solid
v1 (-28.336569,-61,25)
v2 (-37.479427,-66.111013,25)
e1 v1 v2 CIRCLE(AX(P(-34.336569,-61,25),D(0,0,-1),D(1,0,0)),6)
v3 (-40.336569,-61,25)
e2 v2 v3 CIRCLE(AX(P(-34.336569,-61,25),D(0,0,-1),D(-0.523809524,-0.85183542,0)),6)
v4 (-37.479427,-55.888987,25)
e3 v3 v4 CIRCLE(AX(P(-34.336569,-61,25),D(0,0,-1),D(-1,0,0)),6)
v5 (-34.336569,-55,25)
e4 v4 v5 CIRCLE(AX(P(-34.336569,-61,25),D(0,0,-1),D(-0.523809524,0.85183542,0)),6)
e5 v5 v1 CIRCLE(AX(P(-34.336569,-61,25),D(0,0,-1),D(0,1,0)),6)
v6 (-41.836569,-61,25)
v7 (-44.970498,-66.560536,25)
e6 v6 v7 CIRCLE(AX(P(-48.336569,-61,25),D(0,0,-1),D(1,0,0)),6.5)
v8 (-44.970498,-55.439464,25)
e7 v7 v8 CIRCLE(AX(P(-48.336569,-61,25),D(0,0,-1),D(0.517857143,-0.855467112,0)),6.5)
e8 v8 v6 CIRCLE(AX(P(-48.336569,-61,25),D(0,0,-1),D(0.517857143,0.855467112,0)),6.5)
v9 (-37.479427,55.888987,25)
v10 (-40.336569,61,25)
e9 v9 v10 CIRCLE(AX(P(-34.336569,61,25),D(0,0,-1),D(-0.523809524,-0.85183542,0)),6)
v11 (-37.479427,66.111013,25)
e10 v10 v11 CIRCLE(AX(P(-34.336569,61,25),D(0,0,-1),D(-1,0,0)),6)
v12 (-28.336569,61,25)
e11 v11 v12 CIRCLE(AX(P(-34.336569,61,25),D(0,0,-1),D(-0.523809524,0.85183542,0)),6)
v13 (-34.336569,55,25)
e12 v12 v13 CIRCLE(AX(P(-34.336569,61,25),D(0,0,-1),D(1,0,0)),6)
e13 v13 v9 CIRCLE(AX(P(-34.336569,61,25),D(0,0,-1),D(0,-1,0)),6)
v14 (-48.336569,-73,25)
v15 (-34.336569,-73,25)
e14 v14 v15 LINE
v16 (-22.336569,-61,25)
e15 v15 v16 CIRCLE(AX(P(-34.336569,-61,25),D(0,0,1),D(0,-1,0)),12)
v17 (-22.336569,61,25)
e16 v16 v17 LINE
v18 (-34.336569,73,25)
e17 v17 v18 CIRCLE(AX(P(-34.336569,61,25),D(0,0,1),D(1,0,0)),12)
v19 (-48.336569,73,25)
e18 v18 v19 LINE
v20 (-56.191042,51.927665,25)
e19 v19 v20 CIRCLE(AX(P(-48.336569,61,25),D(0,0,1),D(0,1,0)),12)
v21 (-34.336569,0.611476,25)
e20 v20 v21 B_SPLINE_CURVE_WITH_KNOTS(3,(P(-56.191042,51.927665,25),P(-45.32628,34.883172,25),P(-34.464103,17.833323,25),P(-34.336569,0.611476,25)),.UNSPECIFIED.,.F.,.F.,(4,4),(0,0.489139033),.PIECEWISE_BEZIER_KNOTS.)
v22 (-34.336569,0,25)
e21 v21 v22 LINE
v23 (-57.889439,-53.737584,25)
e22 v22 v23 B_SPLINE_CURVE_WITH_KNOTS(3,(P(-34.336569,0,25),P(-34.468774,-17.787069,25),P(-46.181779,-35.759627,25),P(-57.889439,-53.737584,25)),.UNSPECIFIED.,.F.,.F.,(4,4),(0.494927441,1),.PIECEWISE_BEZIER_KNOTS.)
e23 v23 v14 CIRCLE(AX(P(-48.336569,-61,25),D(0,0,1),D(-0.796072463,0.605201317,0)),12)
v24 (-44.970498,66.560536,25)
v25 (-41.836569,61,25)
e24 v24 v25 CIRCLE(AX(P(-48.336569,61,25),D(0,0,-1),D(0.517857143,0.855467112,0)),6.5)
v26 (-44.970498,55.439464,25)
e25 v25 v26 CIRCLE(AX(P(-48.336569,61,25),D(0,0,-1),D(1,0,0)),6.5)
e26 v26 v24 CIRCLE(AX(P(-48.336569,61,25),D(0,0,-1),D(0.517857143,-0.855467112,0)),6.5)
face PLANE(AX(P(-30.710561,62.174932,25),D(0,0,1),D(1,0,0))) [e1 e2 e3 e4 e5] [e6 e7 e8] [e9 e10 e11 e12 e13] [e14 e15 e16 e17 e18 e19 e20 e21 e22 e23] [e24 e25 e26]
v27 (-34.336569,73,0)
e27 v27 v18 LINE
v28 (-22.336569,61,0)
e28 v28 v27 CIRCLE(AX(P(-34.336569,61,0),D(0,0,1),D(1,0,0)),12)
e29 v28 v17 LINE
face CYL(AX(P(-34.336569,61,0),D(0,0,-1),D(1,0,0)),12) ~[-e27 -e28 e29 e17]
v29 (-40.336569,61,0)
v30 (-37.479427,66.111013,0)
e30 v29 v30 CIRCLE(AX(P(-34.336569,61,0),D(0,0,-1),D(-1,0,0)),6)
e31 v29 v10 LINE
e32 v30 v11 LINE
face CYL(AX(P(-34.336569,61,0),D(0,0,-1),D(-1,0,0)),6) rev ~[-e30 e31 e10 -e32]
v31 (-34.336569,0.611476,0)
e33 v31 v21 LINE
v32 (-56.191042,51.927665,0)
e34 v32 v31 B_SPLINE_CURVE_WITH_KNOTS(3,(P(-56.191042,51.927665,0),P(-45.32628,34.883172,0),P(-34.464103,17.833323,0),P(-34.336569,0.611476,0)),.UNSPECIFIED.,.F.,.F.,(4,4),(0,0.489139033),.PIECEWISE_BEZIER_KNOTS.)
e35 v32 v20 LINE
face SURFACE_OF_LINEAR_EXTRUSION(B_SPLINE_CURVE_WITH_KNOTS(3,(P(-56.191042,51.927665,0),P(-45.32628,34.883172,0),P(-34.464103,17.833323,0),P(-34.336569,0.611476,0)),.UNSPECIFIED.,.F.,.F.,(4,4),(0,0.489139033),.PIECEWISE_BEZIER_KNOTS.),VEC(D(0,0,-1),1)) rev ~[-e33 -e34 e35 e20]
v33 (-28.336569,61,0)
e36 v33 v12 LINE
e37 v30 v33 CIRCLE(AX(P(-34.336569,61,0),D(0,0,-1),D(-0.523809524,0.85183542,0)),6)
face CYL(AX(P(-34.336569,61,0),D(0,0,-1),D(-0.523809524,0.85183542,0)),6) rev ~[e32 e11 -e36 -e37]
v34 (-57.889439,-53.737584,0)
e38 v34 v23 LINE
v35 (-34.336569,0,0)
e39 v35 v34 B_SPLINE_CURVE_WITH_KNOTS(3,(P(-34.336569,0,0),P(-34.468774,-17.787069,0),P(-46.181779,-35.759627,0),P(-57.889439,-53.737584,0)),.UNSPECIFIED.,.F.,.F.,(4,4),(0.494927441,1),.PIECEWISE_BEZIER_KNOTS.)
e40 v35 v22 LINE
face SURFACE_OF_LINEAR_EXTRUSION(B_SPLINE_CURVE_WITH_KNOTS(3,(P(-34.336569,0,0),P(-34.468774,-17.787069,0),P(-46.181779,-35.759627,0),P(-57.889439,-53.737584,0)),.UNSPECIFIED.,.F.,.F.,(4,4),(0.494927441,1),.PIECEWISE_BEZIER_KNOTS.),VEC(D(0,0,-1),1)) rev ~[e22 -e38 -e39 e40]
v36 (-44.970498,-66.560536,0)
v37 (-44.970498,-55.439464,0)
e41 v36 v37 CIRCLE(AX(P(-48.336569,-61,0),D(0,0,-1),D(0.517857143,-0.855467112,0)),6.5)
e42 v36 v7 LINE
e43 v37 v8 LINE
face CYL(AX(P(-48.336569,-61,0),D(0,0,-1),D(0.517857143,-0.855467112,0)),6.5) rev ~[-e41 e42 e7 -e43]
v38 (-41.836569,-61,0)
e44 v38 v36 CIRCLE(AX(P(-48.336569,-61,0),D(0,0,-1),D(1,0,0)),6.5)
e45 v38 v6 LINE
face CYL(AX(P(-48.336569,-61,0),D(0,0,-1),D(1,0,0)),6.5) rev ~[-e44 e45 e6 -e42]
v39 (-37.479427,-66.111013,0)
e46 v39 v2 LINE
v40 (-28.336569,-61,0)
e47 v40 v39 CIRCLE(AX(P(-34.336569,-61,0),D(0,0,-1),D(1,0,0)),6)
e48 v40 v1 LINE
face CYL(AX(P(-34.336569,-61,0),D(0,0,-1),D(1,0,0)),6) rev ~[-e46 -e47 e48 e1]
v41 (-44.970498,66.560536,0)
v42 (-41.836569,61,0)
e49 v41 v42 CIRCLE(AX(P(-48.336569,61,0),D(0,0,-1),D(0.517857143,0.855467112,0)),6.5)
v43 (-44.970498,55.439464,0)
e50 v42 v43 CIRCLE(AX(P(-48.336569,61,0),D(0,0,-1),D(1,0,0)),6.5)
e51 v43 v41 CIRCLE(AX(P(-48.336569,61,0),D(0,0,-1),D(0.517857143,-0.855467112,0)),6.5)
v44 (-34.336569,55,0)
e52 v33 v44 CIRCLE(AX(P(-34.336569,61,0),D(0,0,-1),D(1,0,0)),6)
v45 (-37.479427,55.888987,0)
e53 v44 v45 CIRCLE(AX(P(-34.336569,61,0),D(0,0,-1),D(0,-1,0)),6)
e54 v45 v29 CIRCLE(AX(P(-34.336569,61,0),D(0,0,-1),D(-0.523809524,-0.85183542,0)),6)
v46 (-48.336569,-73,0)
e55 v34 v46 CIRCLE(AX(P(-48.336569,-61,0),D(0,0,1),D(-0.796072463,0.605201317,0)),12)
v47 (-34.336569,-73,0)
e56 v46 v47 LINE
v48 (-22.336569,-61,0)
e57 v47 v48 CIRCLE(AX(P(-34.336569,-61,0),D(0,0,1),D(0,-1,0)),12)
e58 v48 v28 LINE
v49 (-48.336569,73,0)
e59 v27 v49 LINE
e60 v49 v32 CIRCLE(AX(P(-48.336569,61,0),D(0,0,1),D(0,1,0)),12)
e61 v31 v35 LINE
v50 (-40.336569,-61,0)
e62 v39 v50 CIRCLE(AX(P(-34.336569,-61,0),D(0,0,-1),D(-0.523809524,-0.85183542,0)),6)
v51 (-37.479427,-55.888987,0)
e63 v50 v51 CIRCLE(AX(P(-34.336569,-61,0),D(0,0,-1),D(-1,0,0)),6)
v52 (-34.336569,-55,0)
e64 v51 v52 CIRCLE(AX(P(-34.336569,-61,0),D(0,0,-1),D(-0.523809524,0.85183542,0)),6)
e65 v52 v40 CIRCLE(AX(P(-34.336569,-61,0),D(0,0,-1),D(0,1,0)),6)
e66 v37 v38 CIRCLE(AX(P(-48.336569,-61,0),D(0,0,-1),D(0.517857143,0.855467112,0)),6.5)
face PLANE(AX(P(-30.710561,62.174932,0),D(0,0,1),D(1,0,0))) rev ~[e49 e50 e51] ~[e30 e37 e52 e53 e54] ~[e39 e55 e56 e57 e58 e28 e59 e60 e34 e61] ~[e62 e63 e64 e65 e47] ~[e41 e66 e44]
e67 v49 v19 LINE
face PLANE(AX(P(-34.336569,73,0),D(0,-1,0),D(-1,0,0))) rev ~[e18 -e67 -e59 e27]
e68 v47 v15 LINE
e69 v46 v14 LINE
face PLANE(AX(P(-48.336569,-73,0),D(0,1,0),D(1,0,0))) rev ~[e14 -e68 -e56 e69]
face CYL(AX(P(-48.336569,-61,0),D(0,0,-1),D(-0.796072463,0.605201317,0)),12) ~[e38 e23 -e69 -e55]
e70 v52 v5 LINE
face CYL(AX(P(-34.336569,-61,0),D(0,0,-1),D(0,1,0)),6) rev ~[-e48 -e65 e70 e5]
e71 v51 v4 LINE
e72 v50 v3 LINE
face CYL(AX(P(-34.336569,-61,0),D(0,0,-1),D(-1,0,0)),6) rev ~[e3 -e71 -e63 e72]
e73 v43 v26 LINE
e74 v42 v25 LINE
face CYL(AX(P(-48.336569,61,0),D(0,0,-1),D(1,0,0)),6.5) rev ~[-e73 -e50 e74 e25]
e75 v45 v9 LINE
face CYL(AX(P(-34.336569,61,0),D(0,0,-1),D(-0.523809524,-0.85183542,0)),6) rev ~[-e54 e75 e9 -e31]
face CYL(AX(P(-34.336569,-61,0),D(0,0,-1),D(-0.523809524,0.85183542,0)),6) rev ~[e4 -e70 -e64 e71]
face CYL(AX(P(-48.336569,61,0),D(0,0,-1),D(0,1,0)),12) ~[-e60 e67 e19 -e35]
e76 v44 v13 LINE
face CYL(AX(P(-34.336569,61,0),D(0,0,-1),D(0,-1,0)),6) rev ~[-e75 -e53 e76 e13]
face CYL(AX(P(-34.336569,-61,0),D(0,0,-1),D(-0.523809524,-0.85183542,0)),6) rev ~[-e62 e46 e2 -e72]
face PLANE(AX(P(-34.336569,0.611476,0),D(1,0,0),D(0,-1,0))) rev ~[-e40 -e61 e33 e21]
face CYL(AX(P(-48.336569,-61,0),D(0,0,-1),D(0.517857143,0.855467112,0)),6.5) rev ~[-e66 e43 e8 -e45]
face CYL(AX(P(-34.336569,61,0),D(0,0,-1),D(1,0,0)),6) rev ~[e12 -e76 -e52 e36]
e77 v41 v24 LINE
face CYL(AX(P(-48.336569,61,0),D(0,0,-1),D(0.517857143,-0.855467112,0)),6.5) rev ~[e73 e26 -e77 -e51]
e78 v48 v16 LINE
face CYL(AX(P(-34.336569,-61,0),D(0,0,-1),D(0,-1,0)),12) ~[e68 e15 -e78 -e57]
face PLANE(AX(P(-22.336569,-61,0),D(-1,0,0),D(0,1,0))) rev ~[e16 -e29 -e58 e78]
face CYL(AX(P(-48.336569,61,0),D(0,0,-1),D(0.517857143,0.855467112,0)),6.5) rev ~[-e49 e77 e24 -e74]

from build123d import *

# Parameters (mm, degrees)
F1_DEPTH = 25


with BuildPart() as f1:
    # F0 (on Top) → F1 (new body)
    with BuildSketch(Plane.XY):
        with BuildLine():
            ThreePointArc((-37.4794265696, 66.11101252), (-31.4088692079, 66.2372293657), (-28.3365694268, 61))
            ThreePointArc((-28.3365694268, 61), (-30.0939287397, 56.7573593129), (-34.3365694268, 55))
            Line((-34.3365694268, 55), (-34.3365694268, 49))
            ThreePointArc((-34.3365694268, 49), (-25.8512880525, 52.5147186258), (-22.3365694268, 61))
            ThreePointArc((-22.3365694268, 61), (-25.8512880525, 69.4852813742), (-34.3365694268, 73))
            ThreePointArc((-34.3365694268, 73), (-38.0134205158, 72.4228177815), (-41.3365694268, 70.7467943448))
            ThreePointArc((-41.3365694268, 70.7467943448), (-39.1120365911, 68.6751543283), (-37.4794265696, 66.11101252))
        make_face()
        with BuildLine():
            ThreePointArc((-48.3365694268, 73), (-44.6597183377, 72.4228177815), (-41.3365694268, 70.7467943448))
            ThreePointArc((-41.3365694268, 70.7467943448), (-38.0134205158, 72.4228177815), (-34.3365694268, 73))
            Line((-34.3365694268, 73), (-48.3365694268, 73))
        make_face()
        with BuildLine():
            ThreePointArc((-44.9704979982, 66.5605362275), (-43.3985807086, 68.8663810948), (-41.3365694268, 70.7467943448))
            ThreePointArc((-41.3365694268, 70.7467943448), (-44.6597183377, 72.4228177815), (-48.3365694268, 73))
            ThreePointArc((-48.3365694268, 73), (-59.5808573116, 65.1911800205), (-56.1910418813, 51.927664994))
            ThreePointArc((-56.1910418813, 51.927664994), (-48.8808622191, 49.0123502989), (-41.3365694268, 51.2532056552))
            ThreePointArc((-41.3365694268, 51.2532056552), (-43.3985807086, 53.1336189052), (-44.9704979982, 55.4394637725))
            ThreePointArc((-44.9704979982, 55.4394637725), (-54.8365694268, 61), (-44.9704979982, 66.5605362275))
        make_face()
        with BuildLine():
            ThreePointArc((-22.3365694268, 61), (-25.8512880525, 52.5147186258), (-34.3365694268, 49))
            Line((-34.3365694268, 49), (-34.3365694268, 0.6114759034))
            add(Edge.make_bspline(
                [(-34.3365694268, 0.6114759034), (-34.3350602132, 0.4076747809), (-34.3350542847, 0.2038495718), (-34.3365694268, 0)],
                knots=[0.4891390328, 0.4891390328, 0.4891390328, 0.4891390328, 0.4949274413, 0.4949274413, 0.4949274413, 0.4949274413], degree=3))
            Line((-34.3365694268, 0), (-34.3365694268, -49))
            ThreePointArc((-34.3365694268, -49), (-25.8512880525, -52.5147186258), (-22.3365694268, -61))
            Line((-22.3365694268, -61), (-22.3365694268, 61))
        make_face()
        with BuildLine():
            Line((-34.3365694268, 0.6114759034), (-34.3365694268, 49))
            ThreePointArc((-34.3365694268, 49), (-38.0134205158, 49.5771822185), (-41.3365694268, 51.2532056552))
            ThreePointArc((-41.3365694268, 51.2532056552), (-48.8808622191, 49.0123502989), (-56.1910418813, 51.927664994))
            add(Edge.make_bspline(
                [(-56.1910418813, 51.927664994), (-45.3262801206, 34.8831717712), (-34.4641028, 17.8333225018), (-34.3365694268, 0.6114759034)],
                knots=[0, 0, 0, 0, 0.4891390328, 0.4891390328, 0.4891390328, 0.4891390328], degree=3))
        make_face()
        with BuildLine():
            add(Edge.make_bspline(
                [(-34.3365694268, 0.6114759034), (-34.3350602132, 0.4076747809), (-34.3350542847, 0.2038495718), (-34.3365694268, 0)],
                knots=[0.4891390328, 0.4891390328, 0.4891390328, 0.4891390328, 0.4949274413, 0.4949274413, 0.4949274413, 0.4949274413], degree=3))
            Line((-34.3365694268, 0.6114759034), (-34.3365694268, 0))
        make_face()
        with BuildLine():
            Line((-34.3365694268, -49), (-34.3365694268, 0))
            add(Edge.make_bspline(
                [(-34.3365694268, 0), (-34.4687744467, -17.7870694727), (-46.1817789108, -35.7596268619), (-57.889438977, -53.7375841928)],
                knots=[0.4949274413, 0.4949274413, 0.4949274413, 0.4949274413, 1, 1, 1, 1], degree=3))
            ThreePointArc((-57.889438977, -53.7375841928), (-50.1176701861, -49.1329161086), (-41.3365694268, -51.2532056552))
            ThreePointArc((-41.3365694268, -51.2532056552), (-38.0134205158, -49.5771822185), (-34.3365694268, -49))
        make_face()
        with BuildLine():
            ThreePointArc((-34.3365694268, -73), (-25.8512880525, -69.4852813742), (-22.3365694268, -61))
            ThreePointArc((-22.3365694268, -61), (-25.8512880525, -52.5147186258), (-34.3365694268, -49))
            Line((-34.3365694268, -49), (-34.3365694268, -55))
            ThreePointArc((-34.3365694268, -55), (-30.0939287397, -56.7573593129), (-28.3365694268, -61))
            ThreePointArc((-28.3365694268, -61), (-31.4088692079, -66.2372293657), (-37.4794265696, -66.11101252))
            ThreePointArc((-37.4794265696, -66.11101252), (-39.1120365911, -68.6751543283), (-41.3365694268, -70.7467943448))
            ThreePointArc((-41.3365694268, -70.7467943448), (-38.0134205158, -72.4228177815), (-34.3365694268, -73))
        make_face()
        with BuildLine():
            ThreePointArc((-41.3365694268, -51.2532056552), (-50.1176701861, -49.1329161086), (-57.889438977, -53.7375841928))
            ThreePointArc((-57.889438977, -53.7375841928), (-59.087127312, -66.3315574795), (-48.3365694268, -73))
            ThreePointArc((-48.3365694268, -73), (-44.6597183377, -72.4228177815), (-41.3365694268, -70.7467943448))
            ThreePointArc((-41.3365694268, -70.7467943448), (-43.3985807086, -68.8663810948), (-44.9704979982, -66.5605362275))
            ThreePointArc((-44.9704979982, -66.5605362275), (-54.8365694268, -61), (-44.9704979982, -55.4394637725))
            ThreePointArc((-44.9704979982, -55.4394637725), (-43.3985807086, -53.1336189052), (-41.3365694268, -51.2532056552))
        make_face()
        with BuildLine():
            Line((-48.3365694268, -73), (-34.3365694268, -73))
            ThreePointArc((-34.3365694268, -73), (-38.0134205158, -72.4228177815), (-41.3365694268, -70.7467943448))
            ThreePointArc((-41.3365694268, -70.7467943448), (-44.6597183377, -72.4228177815), (-48.3365694268, -73))
        make_face()
        with BuildLine():
            ThreePointArc((-37.4794265696, 55.88898748), (-39.5737987924, 58.0722997812), (-40.3365694268, 61))
            Line((-40.3365694268, 61), (-41.8365694268, 61))
            ThreePointArc((-41.8365694268, 61), (-42.6739965007, 57.8085633553), (-44.9704979982, 55.4394637725))
            ThreePointArc((-44.9704979982, 55.4394637725), (-43.3985807086, 53.1336189052), (-41.3365694268, 51.2532056552))
            ThreePointArc((-41.3365694268, 51.2532056552), (-39.1120365911, 53.3248456717), (-37.4794265696, 55.88898748))
        make_face()
        with BuildLine():
            ThreePointArc((-40.3365694268, 61), (-39.5737987924, 63.9277002188), (-37.4794265696, 66.11101252))
            ThreePointArc((-37.4794265696, 66.11101252), (-39.1120365911, 68.6751543283), (-41.3365694268, 70.7467943448))
            ThreePointArc((-41.3365694268, 70.7467943448), (-43.3985807086, 68.8663810948), (-44.9704979982, 66.5605362275))
            ThreePointArc((-44.9704979982, 66.5605362275), (-42.6739965007, 64.1914366447), (-41.8365694268, 61))
            Line((-41.8365694268, 61), (-40.3365694268, 61))
        make_face()
        with BuildLine():
            Line((-34.3365694268, 49), (-34.3365694268, 55))
            ThreePointArc((-34.3365694268, 55), (-35.9696531478, 55.2265229229), (-37.4794265696, 55.88898748))
            ThreePointArc((-37.4794265696, 55.88898748), (-39.1120365911, 53.3248456717), (-41.3365694268, 51.2532056552))
            ThreePointArc((-41.3365694268, 51.2532056552), (-38.0134205158, 49.5771822185), (-34.3365694268, 49))
        make_face()
        with BuildLine():
            Line((-34.3365694268, -55), (-34.3365694268, -49))
            ThreePointArc((-34.3365694268, -49), (-38.0134205158, -49.5771822185), (-41.3365694268, -51.2532056552))
            ThreePointArc((-41.3365694268, -51.2532056552), (-39.1120365911, -53.3248456717), (-37.4794265696, -55.88898748))
            ThreePointArc((-37.4794265696, -55.88898748), (-35.9696531478, -55.2265229229), (-34.3365694268, -55))
        make_face()
        with BuildLine():
            ThreePointArc((-37.4794265696, -55.88898748), (-39.1120365911, -53.3248456717), (-41.3365694268, -51.2532056552))
            ThreePointArc((-41.3365694268, -51.2532056552), (-43.3985807086, -53.1336189052), (-44.9704979982, -55.4394637725))
            ThreePointArc((-44.9704979982, -55.4394637725), (-42.6739965007, -57.8085633553), (-41.8365694268, -61))
            Line((-41.8365694268, -61), (-40.3365694268, -61))
            ThreePointArc((-40.3365694268, -61), (-39.5737987924, -58.0722997812), (-37.4794265696, -55.88898748))
        make_face()
        with BuildLine():
            ThreePointArc((-44.9704979982, -66.5605362275), (-43.3985807086, -68.8663810948), (-41.3365694268, -70.7467943448))
            ThreePointArc((-41.3365694268, -70.7467943448), (-39.1120365911, -68.6751543283), (-37.4794265696, -66.11101252))
            ThreePointArc((-37.4794265696, -66.11101252), (-39.5737987924, -63.9277002188), (-40.3365694268, -61))
            Line((-40.3365694268, -61), (-41.8365694268, -61))
            ThreePointArc((-41.8365694268, -61), (-42.6739965007, -64.1914366447), (-44.9704979982, -66.5605362275))
        make_face()
    extrude(amount=F1_DEPTH)


solid = f1.part
